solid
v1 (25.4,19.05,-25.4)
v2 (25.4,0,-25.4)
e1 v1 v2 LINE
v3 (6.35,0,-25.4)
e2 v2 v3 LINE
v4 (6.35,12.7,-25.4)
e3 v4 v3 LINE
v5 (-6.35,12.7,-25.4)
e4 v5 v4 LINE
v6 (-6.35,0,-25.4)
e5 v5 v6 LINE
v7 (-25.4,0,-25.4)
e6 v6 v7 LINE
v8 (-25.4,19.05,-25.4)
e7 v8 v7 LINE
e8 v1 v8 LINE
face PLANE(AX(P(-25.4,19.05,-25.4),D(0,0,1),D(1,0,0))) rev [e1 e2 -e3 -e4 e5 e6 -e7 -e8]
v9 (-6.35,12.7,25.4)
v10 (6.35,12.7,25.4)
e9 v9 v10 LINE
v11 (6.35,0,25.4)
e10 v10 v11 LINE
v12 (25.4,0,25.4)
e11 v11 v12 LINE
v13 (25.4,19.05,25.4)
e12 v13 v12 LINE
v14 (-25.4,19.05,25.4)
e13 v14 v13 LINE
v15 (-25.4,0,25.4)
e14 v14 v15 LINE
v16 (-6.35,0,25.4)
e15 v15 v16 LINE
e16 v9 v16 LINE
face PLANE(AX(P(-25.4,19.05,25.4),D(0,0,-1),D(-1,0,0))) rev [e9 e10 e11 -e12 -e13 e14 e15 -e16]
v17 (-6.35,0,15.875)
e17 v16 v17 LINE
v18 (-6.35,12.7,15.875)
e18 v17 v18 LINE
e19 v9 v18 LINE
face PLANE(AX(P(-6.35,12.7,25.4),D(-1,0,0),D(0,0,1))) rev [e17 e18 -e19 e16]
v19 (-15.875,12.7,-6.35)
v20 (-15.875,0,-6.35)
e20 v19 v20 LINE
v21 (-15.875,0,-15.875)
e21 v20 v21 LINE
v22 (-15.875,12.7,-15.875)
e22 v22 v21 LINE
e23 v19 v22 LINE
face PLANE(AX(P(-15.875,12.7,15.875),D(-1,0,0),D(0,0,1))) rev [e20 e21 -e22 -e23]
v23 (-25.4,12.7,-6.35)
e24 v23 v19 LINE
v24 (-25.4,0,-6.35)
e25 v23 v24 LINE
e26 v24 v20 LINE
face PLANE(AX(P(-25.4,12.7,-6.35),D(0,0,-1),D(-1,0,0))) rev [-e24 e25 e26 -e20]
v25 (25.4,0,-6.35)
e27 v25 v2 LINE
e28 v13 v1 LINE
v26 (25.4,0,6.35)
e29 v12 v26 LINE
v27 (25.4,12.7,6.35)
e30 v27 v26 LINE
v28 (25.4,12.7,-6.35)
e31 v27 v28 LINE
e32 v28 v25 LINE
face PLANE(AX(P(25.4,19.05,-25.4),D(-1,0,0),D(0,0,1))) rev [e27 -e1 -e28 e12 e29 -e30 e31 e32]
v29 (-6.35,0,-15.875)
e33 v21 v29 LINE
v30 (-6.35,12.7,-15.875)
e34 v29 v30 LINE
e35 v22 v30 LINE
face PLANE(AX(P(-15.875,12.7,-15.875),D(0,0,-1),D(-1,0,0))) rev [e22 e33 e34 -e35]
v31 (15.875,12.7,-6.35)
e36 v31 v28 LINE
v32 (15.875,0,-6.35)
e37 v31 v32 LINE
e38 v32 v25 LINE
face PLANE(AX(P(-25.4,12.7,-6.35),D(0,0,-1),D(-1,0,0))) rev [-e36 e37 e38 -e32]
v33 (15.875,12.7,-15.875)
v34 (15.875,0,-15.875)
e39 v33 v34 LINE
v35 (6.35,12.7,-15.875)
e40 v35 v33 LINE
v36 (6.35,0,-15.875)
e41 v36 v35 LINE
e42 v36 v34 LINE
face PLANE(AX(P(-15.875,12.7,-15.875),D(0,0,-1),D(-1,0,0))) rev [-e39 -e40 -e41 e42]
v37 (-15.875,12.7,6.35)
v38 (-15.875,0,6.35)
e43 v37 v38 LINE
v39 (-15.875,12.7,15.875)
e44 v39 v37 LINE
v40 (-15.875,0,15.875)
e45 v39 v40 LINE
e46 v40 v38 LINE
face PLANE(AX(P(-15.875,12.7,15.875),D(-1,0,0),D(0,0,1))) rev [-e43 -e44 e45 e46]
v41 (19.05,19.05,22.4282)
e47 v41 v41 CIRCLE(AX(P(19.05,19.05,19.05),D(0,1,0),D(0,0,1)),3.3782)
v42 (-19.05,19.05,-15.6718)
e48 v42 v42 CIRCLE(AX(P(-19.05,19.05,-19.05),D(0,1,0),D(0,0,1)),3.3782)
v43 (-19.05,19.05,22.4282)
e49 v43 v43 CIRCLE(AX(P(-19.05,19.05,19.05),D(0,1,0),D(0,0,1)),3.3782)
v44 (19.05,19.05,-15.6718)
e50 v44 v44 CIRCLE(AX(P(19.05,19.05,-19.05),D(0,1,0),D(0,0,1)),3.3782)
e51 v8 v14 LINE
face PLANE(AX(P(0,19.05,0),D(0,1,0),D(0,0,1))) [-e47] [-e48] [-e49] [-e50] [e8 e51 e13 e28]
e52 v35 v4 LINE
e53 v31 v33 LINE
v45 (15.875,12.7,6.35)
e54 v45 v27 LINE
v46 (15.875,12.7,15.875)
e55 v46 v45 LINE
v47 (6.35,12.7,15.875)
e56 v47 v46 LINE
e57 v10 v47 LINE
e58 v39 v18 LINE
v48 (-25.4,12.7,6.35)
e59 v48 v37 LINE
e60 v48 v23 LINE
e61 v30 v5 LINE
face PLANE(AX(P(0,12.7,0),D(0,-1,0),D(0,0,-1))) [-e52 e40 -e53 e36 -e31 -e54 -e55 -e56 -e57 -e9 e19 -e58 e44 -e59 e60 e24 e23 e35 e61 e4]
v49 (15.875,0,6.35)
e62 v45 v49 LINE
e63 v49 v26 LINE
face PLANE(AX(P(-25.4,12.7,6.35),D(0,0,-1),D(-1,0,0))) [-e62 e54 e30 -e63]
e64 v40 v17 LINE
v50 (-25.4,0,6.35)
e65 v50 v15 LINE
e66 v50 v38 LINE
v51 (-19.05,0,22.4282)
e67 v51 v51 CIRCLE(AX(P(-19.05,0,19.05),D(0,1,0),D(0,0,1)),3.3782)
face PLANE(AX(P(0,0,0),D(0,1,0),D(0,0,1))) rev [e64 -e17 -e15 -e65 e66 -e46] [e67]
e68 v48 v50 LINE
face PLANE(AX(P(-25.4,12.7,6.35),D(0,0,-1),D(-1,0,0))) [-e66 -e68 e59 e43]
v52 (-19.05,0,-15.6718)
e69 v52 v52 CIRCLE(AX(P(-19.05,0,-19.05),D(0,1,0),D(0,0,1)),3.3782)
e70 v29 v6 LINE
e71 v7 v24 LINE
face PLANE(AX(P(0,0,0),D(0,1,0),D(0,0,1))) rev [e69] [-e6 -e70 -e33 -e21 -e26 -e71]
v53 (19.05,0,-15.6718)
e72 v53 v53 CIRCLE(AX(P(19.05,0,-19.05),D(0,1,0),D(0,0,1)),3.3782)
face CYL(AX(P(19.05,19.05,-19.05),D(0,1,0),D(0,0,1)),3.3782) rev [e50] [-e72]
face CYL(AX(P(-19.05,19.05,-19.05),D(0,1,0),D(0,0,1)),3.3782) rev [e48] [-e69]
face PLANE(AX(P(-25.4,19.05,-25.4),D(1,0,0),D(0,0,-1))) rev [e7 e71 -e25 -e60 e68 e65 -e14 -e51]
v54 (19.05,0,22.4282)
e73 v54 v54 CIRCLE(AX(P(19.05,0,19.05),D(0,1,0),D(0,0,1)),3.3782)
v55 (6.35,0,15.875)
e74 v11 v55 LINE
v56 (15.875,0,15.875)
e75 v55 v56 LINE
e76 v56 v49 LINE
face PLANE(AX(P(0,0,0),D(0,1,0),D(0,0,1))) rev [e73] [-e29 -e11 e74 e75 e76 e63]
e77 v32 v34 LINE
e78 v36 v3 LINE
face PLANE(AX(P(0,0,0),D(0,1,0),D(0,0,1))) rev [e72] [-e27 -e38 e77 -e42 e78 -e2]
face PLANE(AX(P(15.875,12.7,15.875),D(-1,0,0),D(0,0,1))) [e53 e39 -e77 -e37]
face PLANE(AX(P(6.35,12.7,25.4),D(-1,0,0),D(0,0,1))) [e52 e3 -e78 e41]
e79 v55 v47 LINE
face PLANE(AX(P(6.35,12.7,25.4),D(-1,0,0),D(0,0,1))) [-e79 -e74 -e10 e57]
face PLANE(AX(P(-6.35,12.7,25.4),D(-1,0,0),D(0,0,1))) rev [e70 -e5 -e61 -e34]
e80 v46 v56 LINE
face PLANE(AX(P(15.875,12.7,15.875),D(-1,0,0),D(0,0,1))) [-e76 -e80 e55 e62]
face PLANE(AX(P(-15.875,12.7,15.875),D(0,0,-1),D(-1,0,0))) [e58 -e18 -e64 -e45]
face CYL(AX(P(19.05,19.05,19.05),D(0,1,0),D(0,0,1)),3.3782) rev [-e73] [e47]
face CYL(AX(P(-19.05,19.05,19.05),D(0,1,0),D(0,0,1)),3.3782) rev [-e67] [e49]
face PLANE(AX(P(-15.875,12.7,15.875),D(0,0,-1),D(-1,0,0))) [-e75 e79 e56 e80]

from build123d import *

# Parameters (mm, degrees)
SKETCH1_W               = 50.8
SKETCH1_H               = 50.8
BOSS_EXTRUDE1_DEPTH     = 19.05
F_1_4_CLEARANCE_HOLE1_D = 6.7564
SKETCH9_W               = 12.7
SKETCH9_H               = 50.8
SKETCH9_W_2             = 50.8
SKETCH9_H_2             = 12.7
SKETCH9_W_3             = 31.75
SKETCH9_H_3             = 31.75
CUT_EXTRUDE1_DEPTH      = 12.7


with BuildPart() as part:
    # Sketch1 → Boss-Extrude1 (new body)
    with BuildSketch(Plane(origin=(0, 0, 0), x_dir=(1, 0, 0), z_dir=(0, 1, 0))):
        Rectangle(SKETCH1_W, SKETCH1_H)
    extrude(amount=BOSS_EXTRUDE1_DEPTH)

    # 1/4 Clearance Hole1 (through all)
    with Locations(Plane(origin=(0, 19.05, 0), x_dir=(1, 0, 0), z_dir=(0, 1, 0))):
        with Locations((-19.05, 19.05), (19.05, 19.05), (19.05, -19.05), (-19.05, -19.05)):
            Hole(F_1_4_CLEARANCE_HOLE1_D / 2)

    # Sketch9 → Cut-Extrude1 (cut)
    with BuildSketch(Plane.XZ):
        Rectangle(SKETCH9_W, SKETCH9_H)
        Rectangle(SKETCH9_W_2, SKETCH9_H_2)
        Rectangle(SKETCH9_W_3, SKETCH9_H_3)
    extrude(amount=-CUT_EXTRUDE1_DEPTH, mode=Mode.SUBTRACT)


solid = part.part
